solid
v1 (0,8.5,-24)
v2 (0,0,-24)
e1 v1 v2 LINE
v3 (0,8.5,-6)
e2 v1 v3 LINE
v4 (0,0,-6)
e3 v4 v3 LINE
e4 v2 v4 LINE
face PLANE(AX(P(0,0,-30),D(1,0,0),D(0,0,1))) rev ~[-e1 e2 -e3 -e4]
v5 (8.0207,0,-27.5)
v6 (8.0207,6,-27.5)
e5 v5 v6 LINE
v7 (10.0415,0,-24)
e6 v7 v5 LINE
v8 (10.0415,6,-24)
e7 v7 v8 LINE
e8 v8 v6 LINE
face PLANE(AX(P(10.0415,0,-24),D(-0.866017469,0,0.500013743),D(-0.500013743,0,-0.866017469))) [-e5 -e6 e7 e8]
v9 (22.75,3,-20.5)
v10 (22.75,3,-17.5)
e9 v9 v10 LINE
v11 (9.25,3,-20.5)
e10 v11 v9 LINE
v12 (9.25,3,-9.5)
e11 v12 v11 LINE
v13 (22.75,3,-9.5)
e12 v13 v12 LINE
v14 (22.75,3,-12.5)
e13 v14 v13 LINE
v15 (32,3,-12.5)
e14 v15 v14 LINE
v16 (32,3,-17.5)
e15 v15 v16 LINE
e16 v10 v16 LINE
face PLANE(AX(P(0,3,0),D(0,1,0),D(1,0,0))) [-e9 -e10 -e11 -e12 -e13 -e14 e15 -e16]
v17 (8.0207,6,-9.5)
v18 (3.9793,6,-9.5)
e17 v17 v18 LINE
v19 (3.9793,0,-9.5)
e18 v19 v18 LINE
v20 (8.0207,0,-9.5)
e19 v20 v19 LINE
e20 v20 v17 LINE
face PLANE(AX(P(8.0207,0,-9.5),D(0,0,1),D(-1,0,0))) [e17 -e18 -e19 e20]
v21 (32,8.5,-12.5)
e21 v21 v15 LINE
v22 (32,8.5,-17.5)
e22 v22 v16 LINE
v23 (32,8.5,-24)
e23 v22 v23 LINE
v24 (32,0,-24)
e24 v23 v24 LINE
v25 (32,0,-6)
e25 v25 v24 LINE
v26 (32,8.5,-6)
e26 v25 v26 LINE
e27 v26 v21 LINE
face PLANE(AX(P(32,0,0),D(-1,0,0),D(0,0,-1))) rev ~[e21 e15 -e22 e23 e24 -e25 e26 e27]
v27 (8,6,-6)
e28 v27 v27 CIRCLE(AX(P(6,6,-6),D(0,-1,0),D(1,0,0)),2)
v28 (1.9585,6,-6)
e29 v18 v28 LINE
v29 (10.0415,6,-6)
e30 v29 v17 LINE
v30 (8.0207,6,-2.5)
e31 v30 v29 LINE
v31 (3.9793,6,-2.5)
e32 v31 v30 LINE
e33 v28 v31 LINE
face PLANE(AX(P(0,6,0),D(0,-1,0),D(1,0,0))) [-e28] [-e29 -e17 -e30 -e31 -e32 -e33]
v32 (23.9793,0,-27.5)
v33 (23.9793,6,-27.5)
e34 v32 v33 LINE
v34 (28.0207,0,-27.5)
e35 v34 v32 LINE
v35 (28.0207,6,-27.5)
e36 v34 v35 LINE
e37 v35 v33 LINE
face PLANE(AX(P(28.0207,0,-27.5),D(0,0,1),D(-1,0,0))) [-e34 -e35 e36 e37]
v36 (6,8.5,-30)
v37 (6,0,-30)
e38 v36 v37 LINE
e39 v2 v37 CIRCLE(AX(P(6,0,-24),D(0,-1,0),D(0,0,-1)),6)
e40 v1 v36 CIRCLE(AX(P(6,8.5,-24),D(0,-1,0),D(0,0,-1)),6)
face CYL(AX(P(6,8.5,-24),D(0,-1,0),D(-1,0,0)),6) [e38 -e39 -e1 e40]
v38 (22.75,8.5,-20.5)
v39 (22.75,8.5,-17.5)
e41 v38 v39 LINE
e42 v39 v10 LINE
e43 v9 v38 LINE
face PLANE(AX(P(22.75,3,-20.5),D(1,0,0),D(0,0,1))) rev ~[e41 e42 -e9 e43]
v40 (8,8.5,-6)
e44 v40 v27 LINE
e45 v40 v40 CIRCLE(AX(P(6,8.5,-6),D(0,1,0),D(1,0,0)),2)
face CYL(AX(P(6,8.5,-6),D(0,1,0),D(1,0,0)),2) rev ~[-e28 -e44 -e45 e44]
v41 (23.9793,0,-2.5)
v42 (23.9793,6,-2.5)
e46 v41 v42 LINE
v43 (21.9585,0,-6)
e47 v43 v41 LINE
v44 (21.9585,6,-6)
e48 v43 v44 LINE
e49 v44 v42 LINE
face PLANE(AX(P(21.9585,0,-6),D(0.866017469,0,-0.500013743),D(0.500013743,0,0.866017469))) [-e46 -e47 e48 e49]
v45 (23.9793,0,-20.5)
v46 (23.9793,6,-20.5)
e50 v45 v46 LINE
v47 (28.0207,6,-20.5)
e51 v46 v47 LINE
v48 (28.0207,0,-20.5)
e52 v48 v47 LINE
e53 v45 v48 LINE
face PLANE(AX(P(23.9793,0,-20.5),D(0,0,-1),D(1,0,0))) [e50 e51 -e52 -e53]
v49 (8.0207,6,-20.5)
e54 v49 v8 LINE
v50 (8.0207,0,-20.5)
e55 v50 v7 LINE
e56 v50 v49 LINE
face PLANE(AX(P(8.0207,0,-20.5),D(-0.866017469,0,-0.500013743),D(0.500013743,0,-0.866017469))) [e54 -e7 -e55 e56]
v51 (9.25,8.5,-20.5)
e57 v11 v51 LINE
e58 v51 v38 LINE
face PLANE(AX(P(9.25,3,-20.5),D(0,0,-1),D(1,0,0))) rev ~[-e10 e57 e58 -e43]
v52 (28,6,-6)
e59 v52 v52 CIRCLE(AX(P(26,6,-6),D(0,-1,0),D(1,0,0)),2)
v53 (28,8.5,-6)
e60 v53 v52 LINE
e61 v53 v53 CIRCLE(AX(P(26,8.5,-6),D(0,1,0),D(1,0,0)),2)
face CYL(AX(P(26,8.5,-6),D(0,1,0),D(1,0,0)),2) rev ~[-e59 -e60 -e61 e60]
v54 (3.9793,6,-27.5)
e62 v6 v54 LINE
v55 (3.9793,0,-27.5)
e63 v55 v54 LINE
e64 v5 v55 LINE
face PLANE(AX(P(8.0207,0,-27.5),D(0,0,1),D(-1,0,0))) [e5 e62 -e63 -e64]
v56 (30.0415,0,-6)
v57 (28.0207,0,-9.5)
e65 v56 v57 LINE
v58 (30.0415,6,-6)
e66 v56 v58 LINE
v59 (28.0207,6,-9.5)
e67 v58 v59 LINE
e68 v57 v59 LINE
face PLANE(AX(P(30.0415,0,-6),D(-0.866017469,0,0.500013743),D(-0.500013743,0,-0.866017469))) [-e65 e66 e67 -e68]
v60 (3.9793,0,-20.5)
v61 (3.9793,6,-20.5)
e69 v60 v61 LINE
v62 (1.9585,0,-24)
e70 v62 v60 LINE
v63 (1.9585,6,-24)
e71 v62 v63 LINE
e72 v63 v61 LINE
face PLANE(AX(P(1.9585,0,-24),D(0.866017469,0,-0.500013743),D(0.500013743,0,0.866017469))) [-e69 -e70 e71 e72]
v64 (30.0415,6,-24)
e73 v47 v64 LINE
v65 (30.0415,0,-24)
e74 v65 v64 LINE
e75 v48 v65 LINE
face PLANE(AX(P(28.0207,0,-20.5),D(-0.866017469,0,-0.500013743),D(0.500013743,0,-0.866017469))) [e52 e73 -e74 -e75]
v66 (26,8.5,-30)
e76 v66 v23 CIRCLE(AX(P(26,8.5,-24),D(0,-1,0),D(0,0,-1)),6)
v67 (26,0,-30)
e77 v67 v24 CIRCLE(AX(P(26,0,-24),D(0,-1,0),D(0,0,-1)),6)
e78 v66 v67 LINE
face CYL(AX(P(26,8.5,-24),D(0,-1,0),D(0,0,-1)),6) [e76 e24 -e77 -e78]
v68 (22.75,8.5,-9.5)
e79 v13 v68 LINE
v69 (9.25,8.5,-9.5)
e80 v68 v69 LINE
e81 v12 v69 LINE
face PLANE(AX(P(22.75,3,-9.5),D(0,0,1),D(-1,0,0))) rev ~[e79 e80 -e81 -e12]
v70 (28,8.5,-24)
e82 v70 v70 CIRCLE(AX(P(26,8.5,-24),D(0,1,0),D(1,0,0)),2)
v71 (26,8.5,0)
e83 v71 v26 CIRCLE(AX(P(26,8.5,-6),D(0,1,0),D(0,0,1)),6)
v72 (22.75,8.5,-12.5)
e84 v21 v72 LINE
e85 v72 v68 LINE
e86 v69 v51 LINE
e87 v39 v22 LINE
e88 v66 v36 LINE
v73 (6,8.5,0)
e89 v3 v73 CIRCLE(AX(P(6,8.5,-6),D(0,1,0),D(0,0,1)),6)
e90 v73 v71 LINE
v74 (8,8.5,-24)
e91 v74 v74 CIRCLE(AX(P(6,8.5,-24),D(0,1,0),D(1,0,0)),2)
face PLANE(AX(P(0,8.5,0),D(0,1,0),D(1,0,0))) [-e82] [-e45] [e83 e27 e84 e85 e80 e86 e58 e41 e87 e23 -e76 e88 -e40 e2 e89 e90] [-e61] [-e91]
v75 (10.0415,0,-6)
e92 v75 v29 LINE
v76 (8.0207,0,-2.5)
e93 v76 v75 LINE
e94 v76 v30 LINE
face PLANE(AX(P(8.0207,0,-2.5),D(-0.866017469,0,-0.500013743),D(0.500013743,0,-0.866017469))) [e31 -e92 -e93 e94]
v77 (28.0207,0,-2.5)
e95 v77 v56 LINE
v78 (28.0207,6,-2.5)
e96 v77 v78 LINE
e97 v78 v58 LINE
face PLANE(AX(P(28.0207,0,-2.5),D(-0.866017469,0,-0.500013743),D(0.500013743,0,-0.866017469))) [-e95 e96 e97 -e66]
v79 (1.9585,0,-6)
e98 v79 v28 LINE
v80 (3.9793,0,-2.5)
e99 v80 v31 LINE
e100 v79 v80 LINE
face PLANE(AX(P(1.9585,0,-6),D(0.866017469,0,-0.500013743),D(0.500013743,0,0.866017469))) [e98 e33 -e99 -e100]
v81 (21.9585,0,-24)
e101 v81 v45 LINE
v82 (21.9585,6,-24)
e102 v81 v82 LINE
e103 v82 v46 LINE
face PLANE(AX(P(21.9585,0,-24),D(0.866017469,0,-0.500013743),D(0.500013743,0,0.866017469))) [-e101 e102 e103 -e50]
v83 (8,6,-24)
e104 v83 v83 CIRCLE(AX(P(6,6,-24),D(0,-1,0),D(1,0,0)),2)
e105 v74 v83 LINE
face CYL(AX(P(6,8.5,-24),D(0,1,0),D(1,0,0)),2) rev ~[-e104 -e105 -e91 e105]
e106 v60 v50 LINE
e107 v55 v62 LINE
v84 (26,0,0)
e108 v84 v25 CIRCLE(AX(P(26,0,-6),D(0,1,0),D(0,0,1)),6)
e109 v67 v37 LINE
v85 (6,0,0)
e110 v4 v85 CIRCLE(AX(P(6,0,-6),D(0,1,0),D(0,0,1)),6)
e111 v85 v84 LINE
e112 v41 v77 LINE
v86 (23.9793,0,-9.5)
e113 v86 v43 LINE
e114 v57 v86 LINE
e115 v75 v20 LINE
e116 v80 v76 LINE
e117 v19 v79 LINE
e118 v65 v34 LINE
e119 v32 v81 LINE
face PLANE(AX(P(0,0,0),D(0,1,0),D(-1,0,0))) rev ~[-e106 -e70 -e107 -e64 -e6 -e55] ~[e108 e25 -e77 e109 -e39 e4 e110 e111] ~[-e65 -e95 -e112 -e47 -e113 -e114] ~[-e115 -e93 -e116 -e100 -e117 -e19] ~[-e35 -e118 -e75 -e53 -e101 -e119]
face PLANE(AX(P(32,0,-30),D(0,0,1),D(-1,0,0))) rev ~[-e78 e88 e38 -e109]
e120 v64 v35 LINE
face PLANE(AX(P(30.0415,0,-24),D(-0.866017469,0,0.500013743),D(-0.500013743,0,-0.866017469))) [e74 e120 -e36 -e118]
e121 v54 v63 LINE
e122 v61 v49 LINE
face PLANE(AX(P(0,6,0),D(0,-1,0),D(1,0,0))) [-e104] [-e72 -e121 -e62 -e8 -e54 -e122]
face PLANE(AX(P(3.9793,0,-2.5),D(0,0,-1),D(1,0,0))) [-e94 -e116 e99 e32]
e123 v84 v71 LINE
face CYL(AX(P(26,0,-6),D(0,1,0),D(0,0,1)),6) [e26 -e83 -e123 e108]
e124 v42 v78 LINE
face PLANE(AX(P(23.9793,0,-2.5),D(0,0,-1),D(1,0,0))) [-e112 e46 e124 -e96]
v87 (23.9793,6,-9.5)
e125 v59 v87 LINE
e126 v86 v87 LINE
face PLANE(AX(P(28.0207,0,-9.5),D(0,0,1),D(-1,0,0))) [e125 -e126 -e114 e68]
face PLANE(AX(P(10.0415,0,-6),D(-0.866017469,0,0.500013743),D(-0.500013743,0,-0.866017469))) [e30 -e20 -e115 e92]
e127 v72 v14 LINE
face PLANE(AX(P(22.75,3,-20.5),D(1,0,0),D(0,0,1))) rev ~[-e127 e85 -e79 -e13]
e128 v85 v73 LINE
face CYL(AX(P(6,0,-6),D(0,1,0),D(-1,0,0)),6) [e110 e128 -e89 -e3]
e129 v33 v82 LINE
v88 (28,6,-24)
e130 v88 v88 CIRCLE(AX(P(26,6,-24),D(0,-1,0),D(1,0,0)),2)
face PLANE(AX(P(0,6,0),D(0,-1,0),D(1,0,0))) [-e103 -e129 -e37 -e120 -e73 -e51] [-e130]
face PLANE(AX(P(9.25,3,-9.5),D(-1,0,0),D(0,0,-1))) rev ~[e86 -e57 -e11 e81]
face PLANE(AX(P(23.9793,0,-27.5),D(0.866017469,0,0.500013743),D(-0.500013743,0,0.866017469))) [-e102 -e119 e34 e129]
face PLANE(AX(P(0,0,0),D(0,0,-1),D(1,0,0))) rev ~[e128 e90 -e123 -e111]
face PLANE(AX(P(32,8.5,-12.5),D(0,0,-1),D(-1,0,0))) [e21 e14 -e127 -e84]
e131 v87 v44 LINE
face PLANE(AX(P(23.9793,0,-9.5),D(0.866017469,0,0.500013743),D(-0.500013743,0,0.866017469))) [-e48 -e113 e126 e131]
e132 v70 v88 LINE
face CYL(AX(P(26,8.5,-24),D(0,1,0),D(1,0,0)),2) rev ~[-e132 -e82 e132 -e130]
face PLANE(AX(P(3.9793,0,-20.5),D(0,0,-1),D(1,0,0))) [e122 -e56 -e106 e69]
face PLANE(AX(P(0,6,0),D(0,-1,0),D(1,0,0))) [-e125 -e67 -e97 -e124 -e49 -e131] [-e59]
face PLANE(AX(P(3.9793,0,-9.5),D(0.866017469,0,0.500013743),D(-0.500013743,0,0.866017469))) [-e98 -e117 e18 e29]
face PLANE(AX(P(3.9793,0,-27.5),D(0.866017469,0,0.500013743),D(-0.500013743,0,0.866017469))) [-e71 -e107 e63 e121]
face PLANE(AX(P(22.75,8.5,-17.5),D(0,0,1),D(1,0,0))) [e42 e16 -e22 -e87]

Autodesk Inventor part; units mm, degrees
ref_plane "YZ Plane" through (0, 0, 0) normal (1, 0, 0) x (0, 1, 0)
ref_plane "XZ Plane" through (0, 0, 0) normal (0, 1, 0) x (-1, 0, 0)
ref_plane "XY Plane" through (0, 0, 0) normal (0, 0, 1) x (1, 0, 0)
sketch "Sketch1" plane through (0, 0, 0) normal (0, 1, 0) x (-1, 0, 0)
  line L0 (0, 0) -> (-32, 0)
  line L1 (-32, 0) -> (-32, -30)
  line L2 (-32, -30) -> (0, -30)
  line L3 (0, -30) -> (0, 0)
  dimension "d0" = 30
  dimension "d1" = 32
extrude "Extrusion1" add sketch "Sketch1" along normal blind 3
sketch "Sketch2" plane through (0, 3, 0) normal (0, 1, 0) x (1, 0, 0)
  line L0 (0, 0) -> (32, 0) projected
  line L1 (32, 0) -> (32, 30) projected
  line L2 (32, 30) -> (0, 30) projected
  line L3 (0, 30) -> (0, 0) projected
  line L4 (9.25, 20.5) -> (22.75, 20.5)
  line L5 (22.75, 20.5) -> (22.75, 9.5)
  line L6 (22.75, 9.5) -> (9.25, 9.5)
  line L7 (9.25, 9.5) -> (9.25, 20.5)
  point P0 (9.25, 15)
  point P1 (0, 15)
  point P2 (16, 9.5)
  point P3 (16, 0)
  dimension "d4" = 11
  dimension "d5" = 13.5
extrude "Extrusion2" add sketch "Sketch2" along normal blind 5.5
sketch "Sketch3" plane through (0, 8.5, 0) normal (0, 1, 0) x (1, 0, 0)
  line L0 (22.75, 20.5) -> (22.75, 9.5) projected
  line L1 (32, 0) -> (32, 30) projected
  line L2 (22.75, 17.5) -> (32, 17.5)
  line L3 (32, 17.5) -> (32, 12.5)
  line L4 (32, 12.5) -> (22.75, 12.5)
  line L5 (22.75, 12.5) -> (22.75, 17.5)
  point P0 (22.75, 15)
  point P1 (22.75, 15)
  dimension "d8" = 5
extrude "Extrusion3" cut sketch "Sketch3" against normal up to surface (5.5 mm away)
sketch "Sketch4" plane through (0, 8.5, 0) normal (0, 1, 0) x (1, 0, 0)
  line L0 (32, 30) -> (0, 30) projected
  line L1 (0, 30) -> (0, 0) projected
  line L2 (6, 24) -> (26, 24) construction
  line L3 (26, 24) -> (26, 6) construction
  line L4 (26, 6) -> (6, 6) construction
  line L5 (6, 6) -> (6, 24) construction
  circle A0 centre (6, 24) radius 2
  circle A1 centre (6, 6) radius 2
  circle A2 centre (26, 6) radius 2
  circle A3 centre (26, 24) radius 2
  point P0 (6, 15)
  point P1 (0, 15)
  point P2 (16, 24)
  point P3 (16, 30)
  dimension "d11" = 4
  dimension "d18" = 18
  dimension "d19" = 20
extrude "Extrusion4" cut sketch "Sketch4" against normal through all
fillet "Fillet1" radius 6 4 edges at (0, 4.25, -30) (0, 4.25, 0) (32, 4.25, 0) (32, 4.25, -30)
sketch "Sketch5" plane through (0, 0, 0) normal (0, -1, 0) x (1, 0, 0)
  circle A0 centre (26, -6) radius 2 projected
  circle A1 centre (6, -24) radius 2 projected
  circle A2 centre (6, -6) radius 2 projected
  circle A3 centre (26, -24) radius 2 projected
  line L0 (3.9793, -9.5) -> (1.9585, -6)
  line L1 (1.9585, -6) -> (3.9793, -2.5)
  line L2 (3.9793, -2.5) -> (8.0207, -2.5)
  line L3 (8.0207, -2.5) -> (10.0415, -6)
  line L4 (10.0415, -6) -> (8.0207, -9.5)
  line L5 (8.0207, -9.5) -> (3.9793, -9.5)
  line L6 (8.0207, -20.5) -> (10.0415, -24)
  line L7 (10.0415, -24) -> (8.0207, -27.5)
  line L8 (8.0207, -27.5) -> (3.9793, -27.5)
  line L9 (3.9793, -27.5) -> (1.9585, -24)
  line L10 (1.9585, -24) -> (3.9793, -20.5)
  line L11 (3.9793, -20.5) -> (8.0207, -20.5)
  line L12 (21.9585, -24) -> (23.9793, -20.5)
  line L13 (23.9793, -20.5) -> (28.0207, -20.5)
  line L14 (28.0207, -20.5) -> (30.0415, -24)
  line L15 (30.0415, -24) -> (28.0207, -27.5)
  line L16 (28.0207, -27.5) -> (23.9793, -27.5)
  line L17 (23.9793, -27.5) -> (21.9585, -24)
  line L18 (21.9585, -6) -> (23.9793, -2.5)
  line L19 (23.9793, -2.5) -> (28.0207, -2.5)
  line L20 (28.0207, -2.5) -> (30.0415, -6)
  line L21 (30.0415, -6) -> (28.0207, -9.5)
  line L22 (28.0207, -9.5) -> (23.9793, -9.5)
  line L23 (23.9793, -9.5) -> (21.9585, -6)
  point P0 (0, 0)
  point P1 (6, -27.5)
  dimension "d21" = 7
extrude "Extrusion5" cut sketch "Sketch5" against normal blind 6
properties part number "bottom"
